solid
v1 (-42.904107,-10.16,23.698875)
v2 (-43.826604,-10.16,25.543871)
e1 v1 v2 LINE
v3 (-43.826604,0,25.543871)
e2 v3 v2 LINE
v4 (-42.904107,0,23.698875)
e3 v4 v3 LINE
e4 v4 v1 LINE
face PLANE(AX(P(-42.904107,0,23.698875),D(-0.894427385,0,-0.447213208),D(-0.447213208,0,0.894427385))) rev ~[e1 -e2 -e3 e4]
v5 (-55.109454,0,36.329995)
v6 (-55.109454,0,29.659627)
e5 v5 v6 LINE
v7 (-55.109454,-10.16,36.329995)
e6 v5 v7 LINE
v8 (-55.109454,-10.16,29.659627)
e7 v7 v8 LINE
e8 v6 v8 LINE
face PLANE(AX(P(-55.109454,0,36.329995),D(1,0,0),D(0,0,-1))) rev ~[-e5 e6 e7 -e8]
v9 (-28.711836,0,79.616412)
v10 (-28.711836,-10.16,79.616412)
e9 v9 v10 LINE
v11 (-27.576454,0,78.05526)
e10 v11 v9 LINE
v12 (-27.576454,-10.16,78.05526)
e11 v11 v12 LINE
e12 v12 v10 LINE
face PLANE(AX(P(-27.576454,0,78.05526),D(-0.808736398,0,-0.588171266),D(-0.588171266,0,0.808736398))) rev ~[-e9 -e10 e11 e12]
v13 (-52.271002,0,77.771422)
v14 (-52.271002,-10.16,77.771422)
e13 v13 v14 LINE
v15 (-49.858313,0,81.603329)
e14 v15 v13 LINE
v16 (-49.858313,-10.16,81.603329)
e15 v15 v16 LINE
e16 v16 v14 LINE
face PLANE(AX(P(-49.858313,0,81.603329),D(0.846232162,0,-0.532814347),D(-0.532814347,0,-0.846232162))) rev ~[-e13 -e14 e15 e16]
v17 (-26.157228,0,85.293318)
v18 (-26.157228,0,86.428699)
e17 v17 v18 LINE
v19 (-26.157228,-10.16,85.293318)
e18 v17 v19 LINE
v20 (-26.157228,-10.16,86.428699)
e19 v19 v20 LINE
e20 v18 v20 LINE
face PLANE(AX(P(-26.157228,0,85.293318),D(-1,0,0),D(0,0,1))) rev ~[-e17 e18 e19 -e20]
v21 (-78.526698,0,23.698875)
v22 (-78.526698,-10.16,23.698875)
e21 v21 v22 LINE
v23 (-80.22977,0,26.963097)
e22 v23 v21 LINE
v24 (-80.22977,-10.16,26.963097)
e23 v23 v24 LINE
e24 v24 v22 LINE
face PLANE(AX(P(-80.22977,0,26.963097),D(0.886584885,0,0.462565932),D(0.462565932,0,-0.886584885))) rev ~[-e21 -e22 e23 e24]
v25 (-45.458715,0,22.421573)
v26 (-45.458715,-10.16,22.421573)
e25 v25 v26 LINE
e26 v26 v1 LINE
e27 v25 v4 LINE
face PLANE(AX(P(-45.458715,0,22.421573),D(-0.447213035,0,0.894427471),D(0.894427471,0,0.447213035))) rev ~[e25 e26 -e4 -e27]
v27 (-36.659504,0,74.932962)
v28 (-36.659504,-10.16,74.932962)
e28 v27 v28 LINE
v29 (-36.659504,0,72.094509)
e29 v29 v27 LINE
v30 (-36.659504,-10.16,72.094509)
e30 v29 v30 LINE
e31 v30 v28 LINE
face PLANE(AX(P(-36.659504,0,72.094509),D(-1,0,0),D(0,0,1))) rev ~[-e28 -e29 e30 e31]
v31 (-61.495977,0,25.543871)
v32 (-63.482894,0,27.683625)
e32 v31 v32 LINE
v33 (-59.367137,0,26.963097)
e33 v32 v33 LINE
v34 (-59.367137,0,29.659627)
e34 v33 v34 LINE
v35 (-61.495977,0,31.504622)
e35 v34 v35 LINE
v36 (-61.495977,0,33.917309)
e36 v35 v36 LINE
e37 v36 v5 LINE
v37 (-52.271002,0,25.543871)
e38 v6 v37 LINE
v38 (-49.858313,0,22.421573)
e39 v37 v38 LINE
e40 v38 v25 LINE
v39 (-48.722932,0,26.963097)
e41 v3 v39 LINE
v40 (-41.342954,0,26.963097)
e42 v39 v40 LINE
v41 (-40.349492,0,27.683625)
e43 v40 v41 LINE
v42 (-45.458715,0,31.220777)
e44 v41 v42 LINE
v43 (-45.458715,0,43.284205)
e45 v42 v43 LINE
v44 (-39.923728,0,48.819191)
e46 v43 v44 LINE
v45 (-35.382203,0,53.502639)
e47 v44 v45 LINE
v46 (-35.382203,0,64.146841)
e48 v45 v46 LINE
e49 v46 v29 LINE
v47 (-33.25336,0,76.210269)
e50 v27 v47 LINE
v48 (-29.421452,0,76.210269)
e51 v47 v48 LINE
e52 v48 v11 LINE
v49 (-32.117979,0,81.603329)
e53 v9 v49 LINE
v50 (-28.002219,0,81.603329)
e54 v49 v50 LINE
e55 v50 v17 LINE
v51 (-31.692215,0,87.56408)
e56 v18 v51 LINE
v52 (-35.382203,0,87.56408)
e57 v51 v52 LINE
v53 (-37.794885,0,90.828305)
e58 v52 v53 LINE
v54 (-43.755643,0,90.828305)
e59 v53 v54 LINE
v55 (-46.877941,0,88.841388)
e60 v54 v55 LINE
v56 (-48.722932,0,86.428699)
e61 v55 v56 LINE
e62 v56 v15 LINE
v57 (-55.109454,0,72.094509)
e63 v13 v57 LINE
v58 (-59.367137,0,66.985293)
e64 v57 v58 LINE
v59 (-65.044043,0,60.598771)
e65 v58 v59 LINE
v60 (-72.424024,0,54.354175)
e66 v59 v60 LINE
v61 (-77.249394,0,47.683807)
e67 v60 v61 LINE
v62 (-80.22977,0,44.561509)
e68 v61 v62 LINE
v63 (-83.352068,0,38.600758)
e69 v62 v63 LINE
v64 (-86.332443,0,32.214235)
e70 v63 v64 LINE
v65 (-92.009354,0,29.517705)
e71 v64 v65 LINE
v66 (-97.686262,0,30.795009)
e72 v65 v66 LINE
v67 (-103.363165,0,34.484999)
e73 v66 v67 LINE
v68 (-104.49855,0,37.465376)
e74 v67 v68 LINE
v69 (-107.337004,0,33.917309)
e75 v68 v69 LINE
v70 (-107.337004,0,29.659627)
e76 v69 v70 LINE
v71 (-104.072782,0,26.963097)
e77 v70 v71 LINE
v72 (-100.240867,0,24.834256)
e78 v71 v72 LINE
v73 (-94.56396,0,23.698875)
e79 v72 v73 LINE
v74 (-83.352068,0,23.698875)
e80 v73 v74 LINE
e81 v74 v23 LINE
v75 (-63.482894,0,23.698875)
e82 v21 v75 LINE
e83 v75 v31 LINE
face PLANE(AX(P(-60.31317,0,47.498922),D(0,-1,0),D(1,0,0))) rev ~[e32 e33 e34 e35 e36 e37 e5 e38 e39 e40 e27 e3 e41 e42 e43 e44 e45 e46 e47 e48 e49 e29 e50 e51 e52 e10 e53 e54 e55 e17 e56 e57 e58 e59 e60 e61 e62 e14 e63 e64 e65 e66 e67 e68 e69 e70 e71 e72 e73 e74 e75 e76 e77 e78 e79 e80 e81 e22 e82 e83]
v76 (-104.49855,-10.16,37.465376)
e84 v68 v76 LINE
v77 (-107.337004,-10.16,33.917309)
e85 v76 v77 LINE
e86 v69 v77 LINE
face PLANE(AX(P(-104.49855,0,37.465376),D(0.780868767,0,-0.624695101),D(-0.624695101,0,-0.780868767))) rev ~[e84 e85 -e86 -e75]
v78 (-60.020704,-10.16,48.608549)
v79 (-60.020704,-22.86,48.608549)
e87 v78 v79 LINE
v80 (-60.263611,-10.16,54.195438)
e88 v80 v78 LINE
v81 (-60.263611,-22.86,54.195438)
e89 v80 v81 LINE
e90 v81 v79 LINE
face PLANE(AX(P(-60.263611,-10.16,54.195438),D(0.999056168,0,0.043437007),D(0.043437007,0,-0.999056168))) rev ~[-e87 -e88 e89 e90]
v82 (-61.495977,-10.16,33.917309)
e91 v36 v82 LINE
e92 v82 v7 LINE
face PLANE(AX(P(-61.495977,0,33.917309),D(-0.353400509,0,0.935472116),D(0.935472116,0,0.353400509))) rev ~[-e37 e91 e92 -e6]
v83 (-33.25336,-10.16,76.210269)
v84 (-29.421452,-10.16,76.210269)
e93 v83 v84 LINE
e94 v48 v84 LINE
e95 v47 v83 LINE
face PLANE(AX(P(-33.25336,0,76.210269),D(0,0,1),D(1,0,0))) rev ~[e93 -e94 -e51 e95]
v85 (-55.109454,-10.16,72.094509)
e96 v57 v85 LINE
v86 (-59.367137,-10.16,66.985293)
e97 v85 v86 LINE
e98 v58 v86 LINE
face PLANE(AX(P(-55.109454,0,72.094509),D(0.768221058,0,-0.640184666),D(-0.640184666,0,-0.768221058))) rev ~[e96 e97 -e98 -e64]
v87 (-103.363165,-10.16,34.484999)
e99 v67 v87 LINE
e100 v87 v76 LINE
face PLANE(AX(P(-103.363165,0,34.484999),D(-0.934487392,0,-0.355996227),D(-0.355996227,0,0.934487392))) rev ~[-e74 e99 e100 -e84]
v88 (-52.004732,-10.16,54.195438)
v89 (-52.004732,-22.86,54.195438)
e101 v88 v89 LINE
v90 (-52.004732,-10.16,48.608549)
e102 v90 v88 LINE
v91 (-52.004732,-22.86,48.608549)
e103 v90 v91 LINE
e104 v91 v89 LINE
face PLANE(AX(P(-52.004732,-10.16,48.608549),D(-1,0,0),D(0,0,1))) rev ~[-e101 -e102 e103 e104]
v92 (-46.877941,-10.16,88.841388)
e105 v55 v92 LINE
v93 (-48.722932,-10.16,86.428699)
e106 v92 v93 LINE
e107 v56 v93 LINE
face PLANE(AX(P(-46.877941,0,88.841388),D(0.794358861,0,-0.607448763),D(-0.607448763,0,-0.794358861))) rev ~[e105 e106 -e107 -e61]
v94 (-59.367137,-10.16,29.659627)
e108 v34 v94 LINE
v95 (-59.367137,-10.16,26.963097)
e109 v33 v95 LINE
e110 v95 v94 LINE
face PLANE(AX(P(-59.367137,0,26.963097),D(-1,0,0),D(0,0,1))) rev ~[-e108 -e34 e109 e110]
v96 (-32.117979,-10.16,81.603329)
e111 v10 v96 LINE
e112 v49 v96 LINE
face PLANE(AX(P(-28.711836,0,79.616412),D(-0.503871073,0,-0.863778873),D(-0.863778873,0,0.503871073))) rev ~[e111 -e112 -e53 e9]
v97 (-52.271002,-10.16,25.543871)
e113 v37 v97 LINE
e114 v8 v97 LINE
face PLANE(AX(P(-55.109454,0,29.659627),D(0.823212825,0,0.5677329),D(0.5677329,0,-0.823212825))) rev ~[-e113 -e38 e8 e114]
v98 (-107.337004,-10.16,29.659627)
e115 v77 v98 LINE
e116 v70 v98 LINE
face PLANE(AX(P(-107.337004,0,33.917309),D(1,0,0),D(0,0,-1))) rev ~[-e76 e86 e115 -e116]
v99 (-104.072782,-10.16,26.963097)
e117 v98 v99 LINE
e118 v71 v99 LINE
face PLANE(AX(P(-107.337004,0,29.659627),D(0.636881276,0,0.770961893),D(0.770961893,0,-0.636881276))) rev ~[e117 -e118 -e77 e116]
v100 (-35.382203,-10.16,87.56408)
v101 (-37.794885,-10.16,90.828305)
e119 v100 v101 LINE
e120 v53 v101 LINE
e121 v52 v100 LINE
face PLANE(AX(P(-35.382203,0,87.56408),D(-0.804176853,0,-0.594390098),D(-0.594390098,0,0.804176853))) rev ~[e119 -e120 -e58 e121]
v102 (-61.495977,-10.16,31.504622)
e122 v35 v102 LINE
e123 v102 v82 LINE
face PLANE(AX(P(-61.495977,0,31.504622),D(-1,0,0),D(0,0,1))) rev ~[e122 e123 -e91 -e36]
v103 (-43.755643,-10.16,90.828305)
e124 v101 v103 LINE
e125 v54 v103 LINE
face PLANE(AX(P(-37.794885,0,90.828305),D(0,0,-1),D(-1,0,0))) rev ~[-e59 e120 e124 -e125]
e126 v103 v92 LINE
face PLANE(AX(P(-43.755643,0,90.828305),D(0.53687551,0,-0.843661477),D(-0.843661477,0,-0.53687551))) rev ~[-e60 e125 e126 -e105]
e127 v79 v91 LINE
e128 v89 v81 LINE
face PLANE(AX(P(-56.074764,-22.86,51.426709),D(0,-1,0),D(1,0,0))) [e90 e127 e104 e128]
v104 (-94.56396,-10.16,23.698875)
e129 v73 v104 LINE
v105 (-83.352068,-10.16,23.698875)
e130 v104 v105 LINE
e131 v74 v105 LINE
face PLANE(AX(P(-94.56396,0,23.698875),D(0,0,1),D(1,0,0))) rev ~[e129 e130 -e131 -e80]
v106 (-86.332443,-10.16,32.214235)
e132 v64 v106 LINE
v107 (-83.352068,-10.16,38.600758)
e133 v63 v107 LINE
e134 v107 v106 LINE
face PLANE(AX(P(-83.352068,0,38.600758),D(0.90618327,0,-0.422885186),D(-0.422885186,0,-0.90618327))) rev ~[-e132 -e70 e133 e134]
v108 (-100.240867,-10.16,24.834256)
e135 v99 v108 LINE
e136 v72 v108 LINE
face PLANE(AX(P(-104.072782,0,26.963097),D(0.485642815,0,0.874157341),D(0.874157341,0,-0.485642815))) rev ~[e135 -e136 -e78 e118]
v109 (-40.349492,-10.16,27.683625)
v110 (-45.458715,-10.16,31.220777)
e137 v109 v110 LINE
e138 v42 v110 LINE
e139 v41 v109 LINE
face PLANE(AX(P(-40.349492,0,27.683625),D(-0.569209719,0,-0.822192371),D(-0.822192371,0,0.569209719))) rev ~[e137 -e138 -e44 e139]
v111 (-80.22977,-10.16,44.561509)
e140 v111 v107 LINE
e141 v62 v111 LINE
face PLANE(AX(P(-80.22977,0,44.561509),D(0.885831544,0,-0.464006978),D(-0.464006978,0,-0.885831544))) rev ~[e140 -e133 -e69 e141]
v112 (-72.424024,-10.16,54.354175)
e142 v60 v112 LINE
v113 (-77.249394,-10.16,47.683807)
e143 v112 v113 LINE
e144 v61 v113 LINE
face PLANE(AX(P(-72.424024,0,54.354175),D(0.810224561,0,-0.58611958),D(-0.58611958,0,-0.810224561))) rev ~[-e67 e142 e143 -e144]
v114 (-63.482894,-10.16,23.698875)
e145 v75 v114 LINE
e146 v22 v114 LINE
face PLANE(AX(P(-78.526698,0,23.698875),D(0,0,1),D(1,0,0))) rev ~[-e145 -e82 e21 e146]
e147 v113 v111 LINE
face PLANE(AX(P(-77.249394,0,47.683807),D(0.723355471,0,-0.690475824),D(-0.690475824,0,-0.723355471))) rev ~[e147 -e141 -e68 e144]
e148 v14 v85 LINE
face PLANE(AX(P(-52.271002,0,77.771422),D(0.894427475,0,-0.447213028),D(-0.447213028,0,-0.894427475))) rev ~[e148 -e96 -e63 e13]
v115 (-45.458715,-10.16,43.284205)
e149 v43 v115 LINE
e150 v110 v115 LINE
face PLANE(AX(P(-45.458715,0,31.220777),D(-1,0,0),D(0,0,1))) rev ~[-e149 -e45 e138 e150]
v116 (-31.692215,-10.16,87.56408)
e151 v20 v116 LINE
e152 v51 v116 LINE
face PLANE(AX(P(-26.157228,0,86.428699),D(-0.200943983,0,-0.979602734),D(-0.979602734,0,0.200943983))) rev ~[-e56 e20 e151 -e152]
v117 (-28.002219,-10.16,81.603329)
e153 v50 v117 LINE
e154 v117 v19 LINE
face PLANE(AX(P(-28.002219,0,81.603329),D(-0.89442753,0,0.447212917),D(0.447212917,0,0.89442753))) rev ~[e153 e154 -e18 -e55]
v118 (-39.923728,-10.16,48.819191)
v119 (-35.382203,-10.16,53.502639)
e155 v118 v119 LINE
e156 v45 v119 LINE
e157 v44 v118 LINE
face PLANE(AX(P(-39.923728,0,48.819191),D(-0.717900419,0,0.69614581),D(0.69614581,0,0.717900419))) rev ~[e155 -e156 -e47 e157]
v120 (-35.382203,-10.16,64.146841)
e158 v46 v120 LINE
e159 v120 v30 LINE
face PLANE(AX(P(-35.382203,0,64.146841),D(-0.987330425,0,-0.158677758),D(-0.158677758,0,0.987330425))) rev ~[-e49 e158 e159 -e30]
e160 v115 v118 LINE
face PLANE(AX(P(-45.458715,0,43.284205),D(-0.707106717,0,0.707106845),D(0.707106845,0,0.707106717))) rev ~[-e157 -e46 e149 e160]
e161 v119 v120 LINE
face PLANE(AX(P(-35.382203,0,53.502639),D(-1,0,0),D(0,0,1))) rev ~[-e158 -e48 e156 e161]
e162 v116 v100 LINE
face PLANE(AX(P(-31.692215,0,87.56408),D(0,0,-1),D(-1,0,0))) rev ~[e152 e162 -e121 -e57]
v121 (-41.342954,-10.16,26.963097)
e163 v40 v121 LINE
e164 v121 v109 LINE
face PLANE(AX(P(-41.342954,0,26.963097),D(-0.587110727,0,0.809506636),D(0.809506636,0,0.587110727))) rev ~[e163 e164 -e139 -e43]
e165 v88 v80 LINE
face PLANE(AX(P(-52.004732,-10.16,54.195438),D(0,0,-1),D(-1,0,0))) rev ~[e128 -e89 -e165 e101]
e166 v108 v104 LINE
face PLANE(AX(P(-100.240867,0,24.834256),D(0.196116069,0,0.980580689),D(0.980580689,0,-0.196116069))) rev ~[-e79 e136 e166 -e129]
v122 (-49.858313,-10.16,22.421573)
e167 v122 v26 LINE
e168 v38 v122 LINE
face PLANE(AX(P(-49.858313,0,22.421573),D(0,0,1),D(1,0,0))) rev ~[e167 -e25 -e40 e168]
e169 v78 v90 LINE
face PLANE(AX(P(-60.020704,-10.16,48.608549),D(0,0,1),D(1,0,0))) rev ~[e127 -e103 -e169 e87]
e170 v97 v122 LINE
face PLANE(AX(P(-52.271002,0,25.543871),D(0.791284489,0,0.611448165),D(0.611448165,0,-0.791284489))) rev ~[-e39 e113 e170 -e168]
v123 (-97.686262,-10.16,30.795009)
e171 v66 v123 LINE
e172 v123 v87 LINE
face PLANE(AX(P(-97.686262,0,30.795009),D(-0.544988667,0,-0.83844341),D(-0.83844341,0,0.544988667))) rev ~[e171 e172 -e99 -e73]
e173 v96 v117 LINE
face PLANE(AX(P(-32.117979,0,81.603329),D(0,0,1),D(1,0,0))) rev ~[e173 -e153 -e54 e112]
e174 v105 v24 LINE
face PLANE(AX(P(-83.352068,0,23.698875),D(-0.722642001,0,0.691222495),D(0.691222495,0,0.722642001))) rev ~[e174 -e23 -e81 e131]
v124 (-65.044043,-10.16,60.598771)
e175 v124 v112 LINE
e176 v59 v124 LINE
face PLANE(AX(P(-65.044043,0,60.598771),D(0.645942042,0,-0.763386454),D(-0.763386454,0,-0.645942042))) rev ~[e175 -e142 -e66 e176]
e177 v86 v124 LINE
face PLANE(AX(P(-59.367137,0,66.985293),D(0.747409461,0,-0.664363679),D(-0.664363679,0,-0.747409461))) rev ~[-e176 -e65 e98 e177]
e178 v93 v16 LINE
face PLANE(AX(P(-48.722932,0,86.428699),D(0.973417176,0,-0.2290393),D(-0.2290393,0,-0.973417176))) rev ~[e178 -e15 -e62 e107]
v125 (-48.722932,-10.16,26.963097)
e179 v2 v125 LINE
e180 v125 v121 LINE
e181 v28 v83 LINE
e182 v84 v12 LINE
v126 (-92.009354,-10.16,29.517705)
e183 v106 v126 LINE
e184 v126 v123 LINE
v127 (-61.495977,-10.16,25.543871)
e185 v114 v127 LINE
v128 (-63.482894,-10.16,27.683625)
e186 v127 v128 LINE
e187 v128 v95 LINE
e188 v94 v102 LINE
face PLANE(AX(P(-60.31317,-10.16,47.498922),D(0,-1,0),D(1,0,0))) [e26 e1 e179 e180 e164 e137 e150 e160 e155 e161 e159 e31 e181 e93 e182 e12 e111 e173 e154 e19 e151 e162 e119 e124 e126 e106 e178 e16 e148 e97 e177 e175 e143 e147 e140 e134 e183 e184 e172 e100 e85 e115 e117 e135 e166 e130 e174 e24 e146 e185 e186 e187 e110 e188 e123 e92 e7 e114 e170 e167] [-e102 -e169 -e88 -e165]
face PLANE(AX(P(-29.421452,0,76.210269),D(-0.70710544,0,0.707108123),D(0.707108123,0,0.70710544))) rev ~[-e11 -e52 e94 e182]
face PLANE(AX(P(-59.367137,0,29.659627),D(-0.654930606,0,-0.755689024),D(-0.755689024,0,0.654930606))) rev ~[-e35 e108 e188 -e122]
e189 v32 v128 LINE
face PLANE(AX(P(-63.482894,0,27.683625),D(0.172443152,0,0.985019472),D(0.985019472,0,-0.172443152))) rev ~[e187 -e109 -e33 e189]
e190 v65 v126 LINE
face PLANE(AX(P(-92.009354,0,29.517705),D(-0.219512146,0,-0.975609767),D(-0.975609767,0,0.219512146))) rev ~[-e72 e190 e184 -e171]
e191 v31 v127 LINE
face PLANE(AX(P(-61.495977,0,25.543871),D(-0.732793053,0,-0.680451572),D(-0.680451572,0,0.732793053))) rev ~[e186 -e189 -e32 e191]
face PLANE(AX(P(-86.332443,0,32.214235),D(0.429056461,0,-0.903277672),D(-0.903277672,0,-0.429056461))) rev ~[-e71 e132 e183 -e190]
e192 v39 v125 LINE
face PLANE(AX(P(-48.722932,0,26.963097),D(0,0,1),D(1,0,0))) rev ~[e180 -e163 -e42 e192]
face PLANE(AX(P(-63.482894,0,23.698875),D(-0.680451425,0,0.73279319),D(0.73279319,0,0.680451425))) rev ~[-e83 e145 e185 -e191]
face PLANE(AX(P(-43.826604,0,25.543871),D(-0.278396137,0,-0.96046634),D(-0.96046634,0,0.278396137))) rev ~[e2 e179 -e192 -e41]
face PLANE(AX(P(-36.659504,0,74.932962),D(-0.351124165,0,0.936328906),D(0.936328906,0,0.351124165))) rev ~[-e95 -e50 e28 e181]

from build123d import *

# Parameters (mm, degrees)
F1_DEPTH = 10.16
F3_DEPTH = 12.7


with BuildPart() as f1:
    # F0 (on Front) → F1 (new body)
    with BuildSketch(Plane.XZ):
        Polygon((-43.755643, 90.828305), (-46.877941, 88.841388), (-48.722932, 86.428699), (-49.858313, 81.603329), (-52.271002, 77.771422), (-55.109454, 72.094509), (-59.367137, 66.985293), (-65.044043, 60.598771), (-72.424024, 54.354175), (-77.249394, 47.683807), (-80.22977, 44.561509), (-83.352068, 38.600758), (-86.332443, 32.214235), (-92.009354, 29.517705), (-97.686262, 30.795009), (-103.363165, 34.484999), (-104.49855, 37.465376), (-107.337004, 33.917309), (-107.337004, 29.659627), (-104.072782, 26.963097), (-100.240867, 24.834256), (-94.56396, 23.698875), (-88.603207, 23.698875), (-83.352068, 23.698875), (-80.22977, 26.963097), (-78.526698, 23.698875), (-70.153258, 23.698875), (-63.482894, 23.698875), (-61.495977, 25.543871), (-63.482894, 27.683625), (-59.367137, 26.963097), (-59.367137, 29.659627), (-61.495977, 31.504622), (-61.495977, 33.917309), (-55.109454, 36.329995), (-55.109454, 29.659627), (-52.271002, 25.543871), (-49.858313, 22.421573), (-45.458715, 22.421573), (-42.904107, 23.698875), (-43.826604, 25.543871), (-48.722932, 26.963097), (-41.342954, 26.963097), (-40.349492, 27.683625), (-45.458715, 31.220777), (-45.458715, 36.329995), (-45.458715, 43.284205), (-39.923728, 48.819191), (-35.382203, 53.502639), (-35.382203, 58.611854), (-35.382203, 64.146841), (-36.659504, 72.094509), (-36.659504, 74.932962), (-33.25336, 76.210269), (-29.421452, 76.210269), (-27.576454, 78.05526), (-28.711836, 79.616412), (-32.117979, 81.603329), (-28.002219, 81.603329), (-26.157228, 85.293318), (-26.157228, 86.428699), (-31.692215, 87.56408), (-35.382203, 87.56408), (-37.794885, 90.828305), align=None)
    extrude(amount=F1_DEPTH)

    # F2 (on face) → F3 (join)
    with BuildSketch(Plane.XZ.offset(10.16)):
        Polygon((-52.004732, 54.195438), (-60.263611, 54.195438), (-60.020704, 48.608549), (-52.004732, 48.608549), align=None)
    extrude(amount=F3_DEPTH)


solid = f1.part
